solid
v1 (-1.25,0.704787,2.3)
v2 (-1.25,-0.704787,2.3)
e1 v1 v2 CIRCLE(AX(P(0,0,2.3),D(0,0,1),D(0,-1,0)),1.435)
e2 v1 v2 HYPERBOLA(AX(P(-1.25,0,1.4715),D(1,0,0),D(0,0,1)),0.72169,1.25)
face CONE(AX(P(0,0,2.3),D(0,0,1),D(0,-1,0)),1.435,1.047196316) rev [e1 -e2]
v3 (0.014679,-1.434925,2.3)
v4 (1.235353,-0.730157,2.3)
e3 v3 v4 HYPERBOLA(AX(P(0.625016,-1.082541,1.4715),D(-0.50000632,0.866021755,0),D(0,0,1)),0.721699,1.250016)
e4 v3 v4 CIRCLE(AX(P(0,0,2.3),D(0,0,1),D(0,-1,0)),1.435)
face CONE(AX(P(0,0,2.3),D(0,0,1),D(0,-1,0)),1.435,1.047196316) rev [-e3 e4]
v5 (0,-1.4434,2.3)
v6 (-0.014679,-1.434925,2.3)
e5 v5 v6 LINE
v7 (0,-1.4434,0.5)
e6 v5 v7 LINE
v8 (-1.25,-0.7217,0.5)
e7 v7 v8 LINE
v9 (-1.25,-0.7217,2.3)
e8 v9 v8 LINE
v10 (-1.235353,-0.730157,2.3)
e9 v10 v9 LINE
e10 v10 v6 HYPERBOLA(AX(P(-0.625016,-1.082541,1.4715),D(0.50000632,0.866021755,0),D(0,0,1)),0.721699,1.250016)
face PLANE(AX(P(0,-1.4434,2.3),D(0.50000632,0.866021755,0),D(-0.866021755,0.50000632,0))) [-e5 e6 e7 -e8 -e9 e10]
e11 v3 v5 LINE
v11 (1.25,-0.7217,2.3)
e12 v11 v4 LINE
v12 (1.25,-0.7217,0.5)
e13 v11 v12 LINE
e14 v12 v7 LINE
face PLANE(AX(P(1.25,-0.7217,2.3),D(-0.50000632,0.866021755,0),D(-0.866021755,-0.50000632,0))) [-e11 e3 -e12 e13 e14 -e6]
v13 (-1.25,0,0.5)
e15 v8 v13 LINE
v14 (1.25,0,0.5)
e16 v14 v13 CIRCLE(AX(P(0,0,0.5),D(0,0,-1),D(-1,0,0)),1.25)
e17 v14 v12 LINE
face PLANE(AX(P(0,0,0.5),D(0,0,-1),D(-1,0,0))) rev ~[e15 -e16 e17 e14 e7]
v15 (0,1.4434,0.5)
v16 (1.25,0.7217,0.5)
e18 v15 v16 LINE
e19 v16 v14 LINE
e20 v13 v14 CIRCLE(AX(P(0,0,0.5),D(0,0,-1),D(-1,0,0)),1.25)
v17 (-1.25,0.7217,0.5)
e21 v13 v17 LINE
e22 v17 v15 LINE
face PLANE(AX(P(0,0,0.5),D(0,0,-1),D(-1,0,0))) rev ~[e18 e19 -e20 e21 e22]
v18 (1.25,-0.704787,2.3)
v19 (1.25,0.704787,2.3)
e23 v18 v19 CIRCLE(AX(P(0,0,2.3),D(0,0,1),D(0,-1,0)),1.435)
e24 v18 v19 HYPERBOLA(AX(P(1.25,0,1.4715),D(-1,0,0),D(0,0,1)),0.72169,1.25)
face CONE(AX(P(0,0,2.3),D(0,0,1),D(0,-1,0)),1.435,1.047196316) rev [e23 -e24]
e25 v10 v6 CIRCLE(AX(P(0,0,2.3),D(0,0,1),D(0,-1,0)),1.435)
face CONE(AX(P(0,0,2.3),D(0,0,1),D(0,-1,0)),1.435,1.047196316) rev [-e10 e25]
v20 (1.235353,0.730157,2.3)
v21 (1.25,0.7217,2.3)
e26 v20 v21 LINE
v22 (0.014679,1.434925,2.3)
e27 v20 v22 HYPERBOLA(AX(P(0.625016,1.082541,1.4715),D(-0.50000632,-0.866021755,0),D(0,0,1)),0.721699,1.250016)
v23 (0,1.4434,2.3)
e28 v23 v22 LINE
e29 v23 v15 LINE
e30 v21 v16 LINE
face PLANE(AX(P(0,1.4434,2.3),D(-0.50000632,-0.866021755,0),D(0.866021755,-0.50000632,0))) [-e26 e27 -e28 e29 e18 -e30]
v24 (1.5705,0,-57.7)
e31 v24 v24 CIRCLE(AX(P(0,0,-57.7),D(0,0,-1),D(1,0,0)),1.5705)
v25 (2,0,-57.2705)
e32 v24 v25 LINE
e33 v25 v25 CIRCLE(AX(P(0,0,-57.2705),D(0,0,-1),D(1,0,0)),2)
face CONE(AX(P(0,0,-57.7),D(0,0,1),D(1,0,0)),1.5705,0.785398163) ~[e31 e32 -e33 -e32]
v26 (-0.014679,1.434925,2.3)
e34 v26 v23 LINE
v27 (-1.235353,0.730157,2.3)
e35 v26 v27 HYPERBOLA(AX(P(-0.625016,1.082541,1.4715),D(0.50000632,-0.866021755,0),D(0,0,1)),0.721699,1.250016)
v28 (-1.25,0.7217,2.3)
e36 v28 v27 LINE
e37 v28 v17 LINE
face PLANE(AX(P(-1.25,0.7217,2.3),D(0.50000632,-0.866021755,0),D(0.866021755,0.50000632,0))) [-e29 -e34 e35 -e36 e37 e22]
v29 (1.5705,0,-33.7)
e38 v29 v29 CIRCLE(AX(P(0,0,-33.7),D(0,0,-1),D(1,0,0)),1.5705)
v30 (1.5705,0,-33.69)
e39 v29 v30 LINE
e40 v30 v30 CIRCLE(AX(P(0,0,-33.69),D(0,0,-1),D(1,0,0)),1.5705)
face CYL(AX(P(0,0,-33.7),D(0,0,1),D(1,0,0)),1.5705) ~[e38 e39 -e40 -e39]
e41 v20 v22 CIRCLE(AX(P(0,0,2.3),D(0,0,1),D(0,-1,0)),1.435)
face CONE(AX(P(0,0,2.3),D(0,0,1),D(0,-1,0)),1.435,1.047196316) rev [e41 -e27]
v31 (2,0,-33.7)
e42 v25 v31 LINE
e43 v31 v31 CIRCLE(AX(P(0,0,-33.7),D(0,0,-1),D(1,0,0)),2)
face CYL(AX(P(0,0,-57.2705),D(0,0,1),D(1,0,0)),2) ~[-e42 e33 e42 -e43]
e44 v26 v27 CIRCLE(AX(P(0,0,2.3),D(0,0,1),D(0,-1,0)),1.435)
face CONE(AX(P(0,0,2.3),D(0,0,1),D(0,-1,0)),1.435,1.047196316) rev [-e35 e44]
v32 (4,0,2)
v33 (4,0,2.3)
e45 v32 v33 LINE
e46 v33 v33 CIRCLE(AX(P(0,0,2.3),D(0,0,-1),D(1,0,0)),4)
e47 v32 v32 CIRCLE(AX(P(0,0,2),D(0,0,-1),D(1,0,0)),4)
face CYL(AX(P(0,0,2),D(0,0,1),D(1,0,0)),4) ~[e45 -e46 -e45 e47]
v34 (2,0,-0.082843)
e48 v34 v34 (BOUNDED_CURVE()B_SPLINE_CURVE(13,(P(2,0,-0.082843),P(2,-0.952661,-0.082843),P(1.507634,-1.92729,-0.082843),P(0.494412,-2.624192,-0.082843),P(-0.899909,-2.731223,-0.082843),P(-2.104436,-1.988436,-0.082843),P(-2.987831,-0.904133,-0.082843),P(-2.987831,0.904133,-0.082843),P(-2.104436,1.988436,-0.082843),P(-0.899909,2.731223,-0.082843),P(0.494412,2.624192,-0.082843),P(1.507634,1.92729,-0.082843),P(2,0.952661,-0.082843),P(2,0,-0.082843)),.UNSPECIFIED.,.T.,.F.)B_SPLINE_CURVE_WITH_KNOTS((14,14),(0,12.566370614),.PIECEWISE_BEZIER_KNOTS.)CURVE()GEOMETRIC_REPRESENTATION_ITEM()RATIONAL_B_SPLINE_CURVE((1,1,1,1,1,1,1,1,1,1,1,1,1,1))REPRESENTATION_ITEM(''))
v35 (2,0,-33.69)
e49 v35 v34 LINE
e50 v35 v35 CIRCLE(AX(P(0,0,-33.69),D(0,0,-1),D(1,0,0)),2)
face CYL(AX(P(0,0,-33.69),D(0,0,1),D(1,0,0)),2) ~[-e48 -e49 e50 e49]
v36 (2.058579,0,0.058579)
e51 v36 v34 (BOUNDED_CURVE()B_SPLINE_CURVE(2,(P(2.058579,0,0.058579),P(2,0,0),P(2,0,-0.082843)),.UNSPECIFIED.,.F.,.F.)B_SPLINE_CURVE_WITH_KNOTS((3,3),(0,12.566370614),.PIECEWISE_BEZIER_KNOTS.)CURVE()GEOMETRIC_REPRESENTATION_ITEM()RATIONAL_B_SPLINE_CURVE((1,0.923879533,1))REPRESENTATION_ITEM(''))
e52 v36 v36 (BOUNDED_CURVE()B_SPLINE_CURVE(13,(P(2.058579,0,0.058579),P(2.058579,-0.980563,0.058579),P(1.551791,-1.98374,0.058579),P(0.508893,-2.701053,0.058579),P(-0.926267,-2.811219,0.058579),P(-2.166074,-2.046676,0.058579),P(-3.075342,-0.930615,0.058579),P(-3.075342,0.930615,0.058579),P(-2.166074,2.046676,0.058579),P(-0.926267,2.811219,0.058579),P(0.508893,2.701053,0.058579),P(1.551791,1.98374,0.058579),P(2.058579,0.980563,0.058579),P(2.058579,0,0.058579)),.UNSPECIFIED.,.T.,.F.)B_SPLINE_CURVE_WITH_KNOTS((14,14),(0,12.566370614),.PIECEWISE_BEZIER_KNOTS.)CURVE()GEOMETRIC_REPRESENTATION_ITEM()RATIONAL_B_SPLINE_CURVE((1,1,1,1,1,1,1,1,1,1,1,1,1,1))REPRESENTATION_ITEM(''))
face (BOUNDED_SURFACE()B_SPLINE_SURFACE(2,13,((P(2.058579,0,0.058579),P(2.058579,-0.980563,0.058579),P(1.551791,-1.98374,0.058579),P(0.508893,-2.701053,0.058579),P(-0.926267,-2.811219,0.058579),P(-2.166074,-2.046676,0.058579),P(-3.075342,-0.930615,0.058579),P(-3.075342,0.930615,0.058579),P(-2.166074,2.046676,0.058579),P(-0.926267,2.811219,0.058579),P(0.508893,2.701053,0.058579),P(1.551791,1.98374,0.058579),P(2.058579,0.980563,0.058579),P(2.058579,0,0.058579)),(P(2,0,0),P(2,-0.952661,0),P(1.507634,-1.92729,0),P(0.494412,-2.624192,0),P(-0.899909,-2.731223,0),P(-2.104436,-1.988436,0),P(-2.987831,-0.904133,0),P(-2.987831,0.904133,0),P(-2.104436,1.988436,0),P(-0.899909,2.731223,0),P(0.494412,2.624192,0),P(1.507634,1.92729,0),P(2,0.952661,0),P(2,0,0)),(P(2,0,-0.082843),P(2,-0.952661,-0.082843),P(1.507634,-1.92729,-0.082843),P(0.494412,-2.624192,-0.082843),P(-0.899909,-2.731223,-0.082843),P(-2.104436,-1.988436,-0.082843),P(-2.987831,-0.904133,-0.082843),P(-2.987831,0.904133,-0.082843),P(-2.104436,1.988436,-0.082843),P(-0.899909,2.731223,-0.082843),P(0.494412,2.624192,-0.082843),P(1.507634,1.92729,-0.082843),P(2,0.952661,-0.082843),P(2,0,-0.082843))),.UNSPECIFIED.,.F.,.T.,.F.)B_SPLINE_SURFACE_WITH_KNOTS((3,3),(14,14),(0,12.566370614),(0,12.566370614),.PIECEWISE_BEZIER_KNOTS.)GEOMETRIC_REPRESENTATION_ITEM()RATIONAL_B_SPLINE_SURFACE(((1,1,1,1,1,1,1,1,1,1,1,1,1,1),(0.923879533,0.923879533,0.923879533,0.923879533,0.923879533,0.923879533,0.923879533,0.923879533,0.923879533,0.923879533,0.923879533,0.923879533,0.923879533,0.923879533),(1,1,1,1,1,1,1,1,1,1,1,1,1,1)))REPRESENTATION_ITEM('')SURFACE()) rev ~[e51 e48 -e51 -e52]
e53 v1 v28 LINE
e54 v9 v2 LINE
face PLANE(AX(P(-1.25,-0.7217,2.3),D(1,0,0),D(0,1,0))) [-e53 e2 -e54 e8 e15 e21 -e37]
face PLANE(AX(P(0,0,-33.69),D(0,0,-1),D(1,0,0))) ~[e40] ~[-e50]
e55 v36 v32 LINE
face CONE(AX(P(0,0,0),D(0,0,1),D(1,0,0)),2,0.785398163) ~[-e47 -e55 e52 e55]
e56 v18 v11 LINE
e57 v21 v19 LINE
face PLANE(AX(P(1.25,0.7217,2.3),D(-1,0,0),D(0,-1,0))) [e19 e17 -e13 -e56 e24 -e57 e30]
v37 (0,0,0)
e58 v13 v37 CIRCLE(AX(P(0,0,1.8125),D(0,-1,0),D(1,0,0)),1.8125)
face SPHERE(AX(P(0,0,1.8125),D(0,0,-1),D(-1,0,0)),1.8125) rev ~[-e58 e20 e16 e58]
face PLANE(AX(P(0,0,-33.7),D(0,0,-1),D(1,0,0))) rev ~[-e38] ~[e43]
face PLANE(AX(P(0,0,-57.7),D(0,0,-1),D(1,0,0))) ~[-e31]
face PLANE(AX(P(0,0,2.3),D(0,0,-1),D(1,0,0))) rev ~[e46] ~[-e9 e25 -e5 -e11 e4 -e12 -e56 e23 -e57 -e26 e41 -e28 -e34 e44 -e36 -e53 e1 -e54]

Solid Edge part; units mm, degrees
sketch "Sketch1" plane through (0, 0, 0) normal (0, -1, 0) x (1, 0, 0)
  line L0 (2, 0) -> (4, 2)
  line L1 (4, 2) -> (4, 2.3)
  line L2 (4, 2.3) -> (0, 2.3)
  line L3 (0, 2.3) -> (0, -57.7)
  line L4 (0, -57.7) -> (1.5705, -57.7)
  line L5 (1.5705, -57.7) -> (2, -57.2705)
  line L6 (2, -57.2705) -> (2, -33.7)
  line L7 (2, -33.7) -> (1.5705, -33.7)
  line L8 (1.5705, -33.7) -> (1.5705, -33.69)
  line L9 (1.5705, -33.69) -> (2, -33.69)
  line L10 (2, -33.69) -> (2, 0)
  dimension "D1" = 4
  dimension "D2" = 2.3
  dimension "D3" = 0.01
  dimension "D4" = 1.5705
  dimension "D5" = 36
  dimension "D6" = 0.3
  dimension "D7" = 60
revolve "RevolvedProtrusion1" add sketch "Sketch1" angle 360 about axis through (0, 0, 54) along (0, 0, -1)
sketch "Sketch2" plane through (0, 0, 0) normal (0, -1, 0) x (1, 0, 0)
  arc A0 (-1.25, 0.5) -> (0, 0) centre (0, 1.8125) ccw
  line L0 (0, 0.5) -> (0, 0)
  line L1 (-1.25, 0.5) -> (0, 0.5)
  dimension "D1" = 48.2
revolve "RevolvedCutout1" cut sketch "Sketch2" angle 360 about axis through (0, 0, 54) along (0, 0, -1)
sketch "Sketch3" plane through (0, 0, 2.3) normal (0, 0, 1) x (0, -1, 0)
  line L0 (-1.4434, 0) -> (-0.7217, 1.25)
  line L1 (-0.7217, 1.25) -> (0.7217, 1.25)
  line L2 (0.7217, 1.25) -> (1.4434, 0)
  line L3 (1.4434, 0) -> (0.7217, -1.25)
  line L4 (0.7217, -1.25) -> (-0.7217, -1.25)
  line L5 (-0.7217, -1.25) -> (-1.4434, 0)
  dimension "D1" = 2.5
extrude "Cutout1" cut sketch "Sketch3" against normal blind 1.8
cosmetic_thread "Thread1" size "M4"
sketch "Sketch4" plane through (0, 0, 0) normal (1, 0, 0) x (0, 1, 0)
  line L0 (-1.435, 2.3) -> (0, 1.4715)
revolve "RevolvedCutout2" cut sketch "Sketch4" angle 360 about axis through (0, 0, -57) along (0, 0, 1) material side at (0, -0.6925, 1.9291)
fillet "Round1" radius 0.2 1 edges at (-2, 0, 0)
properties material "Stahl"
